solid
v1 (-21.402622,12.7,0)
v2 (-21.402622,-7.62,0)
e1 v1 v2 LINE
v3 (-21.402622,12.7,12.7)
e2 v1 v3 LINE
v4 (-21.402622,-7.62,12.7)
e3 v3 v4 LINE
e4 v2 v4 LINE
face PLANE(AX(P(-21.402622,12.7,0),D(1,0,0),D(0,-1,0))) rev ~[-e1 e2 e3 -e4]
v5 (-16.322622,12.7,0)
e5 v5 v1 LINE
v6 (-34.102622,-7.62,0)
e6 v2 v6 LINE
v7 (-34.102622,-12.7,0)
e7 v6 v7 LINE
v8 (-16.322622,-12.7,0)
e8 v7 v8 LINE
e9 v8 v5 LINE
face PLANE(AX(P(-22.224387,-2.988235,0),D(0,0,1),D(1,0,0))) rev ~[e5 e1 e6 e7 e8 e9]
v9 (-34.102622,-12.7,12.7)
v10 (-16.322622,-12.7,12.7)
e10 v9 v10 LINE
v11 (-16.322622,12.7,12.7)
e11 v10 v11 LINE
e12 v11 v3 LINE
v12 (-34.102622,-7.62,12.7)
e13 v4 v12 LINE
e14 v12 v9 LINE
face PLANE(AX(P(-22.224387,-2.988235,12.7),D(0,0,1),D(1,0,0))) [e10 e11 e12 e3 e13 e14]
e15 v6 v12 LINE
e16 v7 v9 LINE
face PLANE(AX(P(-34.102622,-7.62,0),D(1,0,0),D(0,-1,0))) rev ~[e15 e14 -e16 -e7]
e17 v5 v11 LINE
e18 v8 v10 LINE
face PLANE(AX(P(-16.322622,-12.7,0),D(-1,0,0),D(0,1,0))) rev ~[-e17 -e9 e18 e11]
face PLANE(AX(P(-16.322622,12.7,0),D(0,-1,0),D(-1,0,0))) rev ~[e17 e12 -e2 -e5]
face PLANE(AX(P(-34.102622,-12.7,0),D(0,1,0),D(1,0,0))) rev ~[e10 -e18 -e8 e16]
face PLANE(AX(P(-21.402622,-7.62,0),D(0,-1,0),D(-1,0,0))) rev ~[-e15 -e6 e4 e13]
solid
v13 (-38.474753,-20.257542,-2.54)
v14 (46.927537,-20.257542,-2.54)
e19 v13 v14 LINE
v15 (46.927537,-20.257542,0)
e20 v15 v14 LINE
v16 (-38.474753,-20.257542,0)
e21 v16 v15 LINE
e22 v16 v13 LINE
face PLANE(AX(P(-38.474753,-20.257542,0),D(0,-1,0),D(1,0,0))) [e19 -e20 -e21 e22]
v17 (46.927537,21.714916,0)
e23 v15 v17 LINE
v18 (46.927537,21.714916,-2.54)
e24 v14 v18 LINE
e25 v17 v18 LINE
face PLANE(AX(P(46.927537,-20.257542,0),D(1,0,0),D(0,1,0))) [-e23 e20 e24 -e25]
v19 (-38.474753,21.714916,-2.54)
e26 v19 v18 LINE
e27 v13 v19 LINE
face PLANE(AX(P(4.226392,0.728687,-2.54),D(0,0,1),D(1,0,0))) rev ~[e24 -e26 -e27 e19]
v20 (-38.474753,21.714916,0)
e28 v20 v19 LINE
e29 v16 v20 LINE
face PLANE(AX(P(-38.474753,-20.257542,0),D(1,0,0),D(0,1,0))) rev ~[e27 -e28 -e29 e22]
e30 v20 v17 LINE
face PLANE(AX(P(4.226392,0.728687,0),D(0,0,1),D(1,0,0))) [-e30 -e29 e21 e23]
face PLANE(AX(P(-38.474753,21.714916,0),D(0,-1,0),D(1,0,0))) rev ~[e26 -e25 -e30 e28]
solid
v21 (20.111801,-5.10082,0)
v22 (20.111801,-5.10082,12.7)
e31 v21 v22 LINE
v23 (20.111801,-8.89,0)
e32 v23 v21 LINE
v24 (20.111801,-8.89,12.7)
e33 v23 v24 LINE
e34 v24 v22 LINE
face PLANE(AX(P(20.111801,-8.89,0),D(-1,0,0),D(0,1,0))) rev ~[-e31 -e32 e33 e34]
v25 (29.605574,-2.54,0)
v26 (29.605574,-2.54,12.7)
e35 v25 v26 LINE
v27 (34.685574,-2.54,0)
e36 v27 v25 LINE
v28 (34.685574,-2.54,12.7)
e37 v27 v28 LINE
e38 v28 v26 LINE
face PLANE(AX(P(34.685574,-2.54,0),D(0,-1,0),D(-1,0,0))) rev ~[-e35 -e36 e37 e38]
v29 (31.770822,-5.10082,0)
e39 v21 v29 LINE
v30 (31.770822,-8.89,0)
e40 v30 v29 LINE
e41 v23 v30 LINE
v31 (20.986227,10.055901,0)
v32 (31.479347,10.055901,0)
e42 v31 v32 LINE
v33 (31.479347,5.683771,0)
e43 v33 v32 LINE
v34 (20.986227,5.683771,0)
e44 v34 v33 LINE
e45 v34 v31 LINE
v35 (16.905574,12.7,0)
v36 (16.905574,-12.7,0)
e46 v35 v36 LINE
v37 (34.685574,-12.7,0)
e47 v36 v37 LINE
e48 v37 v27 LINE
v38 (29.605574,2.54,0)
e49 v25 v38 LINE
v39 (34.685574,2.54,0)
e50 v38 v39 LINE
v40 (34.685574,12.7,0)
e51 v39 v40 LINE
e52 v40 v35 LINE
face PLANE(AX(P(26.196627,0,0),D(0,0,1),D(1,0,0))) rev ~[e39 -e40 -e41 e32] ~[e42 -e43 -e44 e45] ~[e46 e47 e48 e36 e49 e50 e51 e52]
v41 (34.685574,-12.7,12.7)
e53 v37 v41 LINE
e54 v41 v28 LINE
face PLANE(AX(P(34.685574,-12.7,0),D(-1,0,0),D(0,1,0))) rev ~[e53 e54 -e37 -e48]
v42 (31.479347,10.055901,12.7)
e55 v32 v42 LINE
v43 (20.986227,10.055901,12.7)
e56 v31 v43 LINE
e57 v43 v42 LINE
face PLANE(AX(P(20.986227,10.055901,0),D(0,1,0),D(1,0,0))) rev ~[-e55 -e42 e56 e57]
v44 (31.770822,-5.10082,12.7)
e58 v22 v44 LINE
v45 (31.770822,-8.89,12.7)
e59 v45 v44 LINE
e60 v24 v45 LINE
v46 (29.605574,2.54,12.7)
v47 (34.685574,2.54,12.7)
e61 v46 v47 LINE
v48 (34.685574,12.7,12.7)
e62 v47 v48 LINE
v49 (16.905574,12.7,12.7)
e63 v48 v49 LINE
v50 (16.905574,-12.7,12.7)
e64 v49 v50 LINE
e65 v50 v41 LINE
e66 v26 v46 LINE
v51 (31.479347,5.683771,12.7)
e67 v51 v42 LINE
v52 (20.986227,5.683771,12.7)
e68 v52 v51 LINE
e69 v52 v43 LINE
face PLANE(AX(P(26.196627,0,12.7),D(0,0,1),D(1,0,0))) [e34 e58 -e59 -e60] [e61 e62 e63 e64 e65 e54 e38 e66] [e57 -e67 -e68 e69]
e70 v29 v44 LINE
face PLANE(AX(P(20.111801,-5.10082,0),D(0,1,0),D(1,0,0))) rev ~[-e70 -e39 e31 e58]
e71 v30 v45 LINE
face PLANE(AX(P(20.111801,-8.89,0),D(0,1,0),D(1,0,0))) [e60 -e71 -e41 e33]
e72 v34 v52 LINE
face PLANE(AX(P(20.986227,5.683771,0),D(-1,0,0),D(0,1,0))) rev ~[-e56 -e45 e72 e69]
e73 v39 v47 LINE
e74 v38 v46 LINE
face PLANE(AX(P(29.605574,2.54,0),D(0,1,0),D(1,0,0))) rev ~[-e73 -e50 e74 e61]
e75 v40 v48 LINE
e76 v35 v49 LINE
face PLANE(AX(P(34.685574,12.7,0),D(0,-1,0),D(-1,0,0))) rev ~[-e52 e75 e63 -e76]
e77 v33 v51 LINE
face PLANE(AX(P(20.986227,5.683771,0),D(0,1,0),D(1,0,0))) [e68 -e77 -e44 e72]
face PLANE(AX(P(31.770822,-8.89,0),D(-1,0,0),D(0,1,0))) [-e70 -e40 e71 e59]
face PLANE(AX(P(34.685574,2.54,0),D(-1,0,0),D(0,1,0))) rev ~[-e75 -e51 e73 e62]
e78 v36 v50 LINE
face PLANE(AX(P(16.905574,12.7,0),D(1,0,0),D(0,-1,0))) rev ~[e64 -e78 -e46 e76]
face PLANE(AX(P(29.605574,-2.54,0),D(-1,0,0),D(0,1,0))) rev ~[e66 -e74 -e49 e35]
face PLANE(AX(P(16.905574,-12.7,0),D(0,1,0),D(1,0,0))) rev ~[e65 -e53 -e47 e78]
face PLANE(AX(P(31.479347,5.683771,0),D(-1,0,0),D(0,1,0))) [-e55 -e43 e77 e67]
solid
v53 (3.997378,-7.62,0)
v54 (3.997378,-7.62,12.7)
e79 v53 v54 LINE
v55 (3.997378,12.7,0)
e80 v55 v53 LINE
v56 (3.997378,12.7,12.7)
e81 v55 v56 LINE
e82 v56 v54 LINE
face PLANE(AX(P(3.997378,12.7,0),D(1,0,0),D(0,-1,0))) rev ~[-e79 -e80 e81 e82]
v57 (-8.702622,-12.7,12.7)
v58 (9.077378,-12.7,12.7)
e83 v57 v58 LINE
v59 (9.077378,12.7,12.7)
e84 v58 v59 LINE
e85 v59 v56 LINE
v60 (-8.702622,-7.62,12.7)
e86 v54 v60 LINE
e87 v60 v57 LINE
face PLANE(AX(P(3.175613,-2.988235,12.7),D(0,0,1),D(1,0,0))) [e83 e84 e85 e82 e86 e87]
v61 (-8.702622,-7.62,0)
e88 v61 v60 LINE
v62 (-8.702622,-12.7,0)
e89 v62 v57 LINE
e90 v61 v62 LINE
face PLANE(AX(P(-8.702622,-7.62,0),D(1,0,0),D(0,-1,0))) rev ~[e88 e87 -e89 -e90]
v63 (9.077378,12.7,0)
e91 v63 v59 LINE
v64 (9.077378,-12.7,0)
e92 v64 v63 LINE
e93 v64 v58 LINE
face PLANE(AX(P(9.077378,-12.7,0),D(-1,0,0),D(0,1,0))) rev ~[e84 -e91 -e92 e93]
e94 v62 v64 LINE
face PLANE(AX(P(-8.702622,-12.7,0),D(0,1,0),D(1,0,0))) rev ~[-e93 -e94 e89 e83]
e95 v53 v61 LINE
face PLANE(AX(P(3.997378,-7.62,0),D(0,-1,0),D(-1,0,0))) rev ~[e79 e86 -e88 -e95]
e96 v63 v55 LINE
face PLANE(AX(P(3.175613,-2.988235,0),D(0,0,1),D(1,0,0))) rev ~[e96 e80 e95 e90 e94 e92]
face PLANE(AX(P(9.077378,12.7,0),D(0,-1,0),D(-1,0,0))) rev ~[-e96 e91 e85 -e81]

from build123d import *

# Parameters (mm, degrees)
F0_W     = 11.659021
F0_H     = 3.78918
F0_W_2   = 10.49312
F0_H_2   = 4.37213
F1_DEPTH = 12.7
F2_W     = 85.402291
F2_H     = 41.972458
F3_DEPTH = 2.54


with BuildPart() as f1:
    # F0 (on Top) → F1 (new body)
    with BuildSketch(Plane.XY):
        Polygon((9.077378, -12.7), (9.077378, 0), (9.077378, 12.7), (3.997378, 12.7), (3.997378, -7.62), (-8.702622, -7.62), (-8.702622, -12.7), align=None)
        Polygon((16.905574, 12.7), (16.905574, -12.7), (34.685574, -12.7), (34.685574, -2.54), (29.605574, -2.54), (29.605574, 2.54), (34.685574, 2.54), (34.685574, 12.7), align=None)
        with Locations((25.941311, -6.99541)):
            Rectangle(F0_W, F0_H, mode=Mode.SUBTRACT)
        with Locations((26.232787, 7.869836)):
            Rectangle(F0_W_2, F0_H_2, mode=Mode.SUBTRACT)
        Polygon((-34.102622, -12.7), (-16.322622, -12.7), (-16.322622, 12.7), (-21.402622, 12.7), (-21.402622, -7.62), (-34.102622, -7.62), align=None)
    extrude(amount=F1_DEPTH)


with BuildPart() as f3:
    # F2 (on Top) → F3 (new body)
    with BuildSketch(Plane.XY):
        with Locations((4.226392, 0.728687)):
            Rectangle(F2_W, F2_H)
    extrude(amount=-F3_DEPTH)


solid = Compound([f1.part, f3.part])
